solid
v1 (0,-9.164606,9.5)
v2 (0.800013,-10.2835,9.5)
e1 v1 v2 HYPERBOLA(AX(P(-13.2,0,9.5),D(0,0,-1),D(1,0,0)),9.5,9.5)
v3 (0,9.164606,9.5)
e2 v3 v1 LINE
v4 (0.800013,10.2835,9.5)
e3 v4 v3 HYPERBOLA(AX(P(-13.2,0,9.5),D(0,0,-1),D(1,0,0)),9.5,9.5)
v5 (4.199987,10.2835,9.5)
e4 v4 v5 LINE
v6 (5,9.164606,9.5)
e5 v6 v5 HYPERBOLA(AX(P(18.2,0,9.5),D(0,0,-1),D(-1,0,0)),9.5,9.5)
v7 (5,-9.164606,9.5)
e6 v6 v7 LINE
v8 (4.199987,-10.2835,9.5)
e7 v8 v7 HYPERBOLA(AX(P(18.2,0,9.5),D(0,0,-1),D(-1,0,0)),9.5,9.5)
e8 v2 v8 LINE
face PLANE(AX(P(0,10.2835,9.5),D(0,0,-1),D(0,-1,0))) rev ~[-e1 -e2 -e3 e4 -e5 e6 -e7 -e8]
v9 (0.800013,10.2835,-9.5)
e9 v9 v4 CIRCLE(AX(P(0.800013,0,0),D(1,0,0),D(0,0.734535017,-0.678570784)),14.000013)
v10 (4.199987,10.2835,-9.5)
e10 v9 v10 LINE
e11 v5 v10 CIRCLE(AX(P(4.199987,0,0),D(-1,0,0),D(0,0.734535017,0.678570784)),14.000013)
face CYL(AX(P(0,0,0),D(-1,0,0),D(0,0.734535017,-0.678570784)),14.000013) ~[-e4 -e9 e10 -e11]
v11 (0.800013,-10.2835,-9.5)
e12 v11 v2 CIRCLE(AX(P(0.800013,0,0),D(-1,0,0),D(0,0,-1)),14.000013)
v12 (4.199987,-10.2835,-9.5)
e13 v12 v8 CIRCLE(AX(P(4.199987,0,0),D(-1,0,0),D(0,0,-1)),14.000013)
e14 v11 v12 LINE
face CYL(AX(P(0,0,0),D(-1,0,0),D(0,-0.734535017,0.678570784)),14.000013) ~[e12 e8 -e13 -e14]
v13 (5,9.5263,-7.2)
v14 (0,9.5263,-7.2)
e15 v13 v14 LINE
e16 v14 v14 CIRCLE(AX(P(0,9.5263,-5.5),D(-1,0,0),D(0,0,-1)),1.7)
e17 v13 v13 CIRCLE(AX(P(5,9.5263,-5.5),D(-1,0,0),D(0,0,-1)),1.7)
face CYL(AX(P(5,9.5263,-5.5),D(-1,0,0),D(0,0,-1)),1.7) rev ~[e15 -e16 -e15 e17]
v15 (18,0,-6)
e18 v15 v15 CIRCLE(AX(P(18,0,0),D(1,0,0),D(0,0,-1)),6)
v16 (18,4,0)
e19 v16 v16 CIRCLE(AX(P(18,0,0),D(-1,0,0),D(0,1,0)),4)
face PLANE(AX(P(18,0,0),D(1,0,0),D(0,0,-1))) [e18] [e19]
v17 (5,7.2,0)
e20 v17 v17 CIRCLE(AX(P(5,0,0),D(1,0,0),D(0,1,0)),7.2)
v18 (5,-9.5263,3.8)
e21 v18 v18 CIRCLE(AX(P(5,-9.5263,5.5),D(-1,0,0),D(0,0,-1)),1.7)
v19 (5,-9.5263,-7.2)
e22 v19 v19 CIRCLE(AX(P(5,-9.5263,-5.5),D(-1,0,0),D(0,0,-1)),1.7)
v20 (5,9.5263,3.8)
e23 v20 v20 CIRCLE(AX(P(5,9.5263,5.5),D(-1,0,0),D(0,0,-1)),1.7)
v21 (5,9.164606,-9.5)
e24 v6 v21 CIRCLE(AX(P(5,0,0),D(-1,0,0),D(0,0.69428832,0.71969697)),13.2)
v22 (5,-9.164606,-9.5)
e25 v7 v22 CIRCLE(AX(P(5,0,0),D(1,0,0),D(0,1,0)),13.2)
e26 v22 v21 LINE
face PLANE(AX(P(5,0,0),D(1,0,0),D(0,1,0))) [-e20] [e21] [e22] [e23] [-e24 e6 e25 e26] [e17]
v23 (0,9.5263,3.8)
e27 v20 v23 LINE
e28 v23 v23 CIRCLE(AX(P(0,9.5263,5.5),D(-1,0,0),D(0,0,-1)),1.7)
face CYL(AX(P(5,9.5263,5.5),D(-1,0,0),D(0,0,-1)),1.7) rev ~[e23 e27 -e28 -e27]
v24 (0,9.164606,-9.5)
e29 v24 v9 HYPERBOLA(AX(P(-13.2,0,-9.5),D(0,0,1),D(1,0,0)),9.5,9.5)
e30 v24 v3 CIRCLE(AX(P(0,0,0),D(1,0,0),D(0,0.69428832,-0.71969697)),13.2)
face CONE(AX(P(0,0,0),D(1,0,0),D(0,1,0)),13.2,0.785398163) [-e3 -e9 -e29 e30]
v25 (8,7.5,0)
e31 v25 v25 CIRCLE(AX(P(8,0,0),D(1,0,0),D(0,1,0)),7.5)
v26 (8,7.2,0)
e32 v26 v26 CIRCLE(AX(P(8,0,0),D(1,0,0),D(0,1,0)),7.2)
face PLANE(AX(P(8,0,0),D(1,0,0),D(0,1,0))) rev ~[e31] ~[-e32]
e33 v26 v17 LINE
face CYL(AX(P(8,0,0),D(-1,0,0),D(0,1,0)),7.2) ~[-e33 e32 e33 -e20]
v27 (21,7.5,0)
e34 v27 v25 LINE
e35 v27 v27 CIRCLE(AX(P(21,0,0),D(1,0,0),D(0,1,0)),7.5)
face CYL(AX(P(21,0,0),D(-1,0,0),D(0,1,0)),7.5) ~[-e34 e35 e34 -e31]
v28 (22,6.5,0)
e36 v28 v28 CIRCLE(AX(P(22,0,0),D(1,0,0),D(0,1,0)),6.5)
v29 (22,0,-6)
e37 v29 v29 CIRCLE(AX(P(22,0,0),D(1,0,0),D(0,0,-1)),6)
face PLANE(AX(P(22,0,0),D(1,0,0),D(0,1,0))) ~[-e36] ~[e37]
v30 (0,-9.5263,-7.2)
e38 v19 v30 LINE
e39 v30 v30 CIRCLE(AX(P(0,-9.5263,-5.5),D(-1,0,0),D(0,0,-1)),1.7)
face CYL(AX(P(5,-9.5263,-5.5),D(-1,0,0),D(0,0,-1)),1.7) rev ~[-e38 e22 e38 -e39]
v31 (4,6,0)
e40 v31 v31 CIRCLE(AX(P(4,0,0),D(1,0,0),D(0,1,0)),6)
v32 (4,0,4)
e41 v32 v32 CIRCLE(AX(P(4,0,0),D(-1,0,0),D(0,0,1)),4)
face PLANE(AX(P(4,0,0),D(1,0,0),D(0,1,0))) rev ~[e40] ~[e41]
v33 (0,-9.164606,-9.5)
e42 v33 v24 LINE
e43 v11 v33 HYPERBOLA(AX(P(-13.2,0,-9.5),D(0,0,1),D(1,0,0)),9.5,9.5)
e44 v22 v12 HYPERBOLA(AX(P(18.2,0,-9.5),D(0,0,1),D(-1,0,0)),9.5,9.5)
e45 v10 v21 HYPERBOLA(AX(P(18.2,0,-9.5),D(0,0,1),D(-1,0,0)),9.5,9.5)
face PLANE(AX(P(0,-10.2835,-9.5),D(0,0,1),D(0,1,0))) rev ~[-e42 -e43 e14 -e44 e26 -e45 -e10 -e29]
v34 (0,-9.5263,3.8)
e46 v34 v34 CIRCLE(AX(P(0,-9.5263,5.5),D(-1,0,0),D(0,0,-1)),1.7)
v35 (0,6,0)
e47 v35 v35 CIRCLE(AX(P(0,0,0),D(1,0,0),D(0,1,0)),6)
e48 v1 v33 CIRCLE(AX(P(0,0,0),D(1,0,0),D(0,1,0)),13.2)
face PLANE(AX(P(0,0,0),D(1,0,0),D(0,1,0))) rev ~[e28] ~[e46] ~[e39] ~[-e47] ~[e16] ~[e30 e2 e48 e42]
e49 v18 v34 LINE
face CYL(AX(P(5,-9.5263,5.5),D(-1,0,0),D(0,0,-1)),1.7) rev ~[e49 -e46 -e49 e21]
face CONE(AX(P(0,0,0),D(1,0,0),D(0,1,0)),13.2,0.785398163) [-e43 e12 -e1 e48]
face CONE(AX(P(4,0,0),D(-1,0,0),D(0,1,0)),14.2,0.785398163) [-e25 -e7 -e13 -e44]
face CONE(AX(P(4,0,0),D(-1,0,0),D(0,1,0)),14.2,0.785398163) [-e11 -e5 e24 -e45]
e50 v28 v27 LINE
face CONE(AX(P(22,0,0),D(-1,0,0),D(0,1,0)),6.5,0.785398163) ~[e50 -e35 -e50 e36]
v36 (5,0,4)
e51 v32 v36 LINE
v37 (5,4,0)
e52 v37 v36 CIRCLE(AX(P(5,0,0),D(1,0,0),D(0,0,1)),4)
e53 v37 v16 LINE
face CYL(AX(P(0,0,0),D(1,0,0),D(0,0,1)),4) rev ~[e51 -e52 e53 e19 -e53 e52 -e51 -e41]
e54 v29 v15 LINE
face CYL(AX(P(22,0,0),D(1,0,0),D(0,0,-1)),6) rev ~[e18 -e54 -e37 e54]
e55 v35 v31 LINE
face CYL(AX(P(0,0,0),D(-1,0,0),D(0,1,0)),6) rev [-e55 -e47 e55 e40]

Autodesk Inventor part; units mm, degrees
sketch "Sketch_1" plane through (0, 0, 0) normal (1, 0, 0) x (0, 1, 0)
  line L0 (10.2835, 9.5) -> (-10.2835, 9.5)
  arc A0 (-10.2835, 9.5) -> (-10.2835, -9.5) centre (0, 0) ccw
  line L1 (-10.2835, -9.5) -> (10.2835, -9.5)
  arc A1 (10.2835, -9.5) -> (10.2835, 9.5) centre (0, 0) ccw
extrude "Extrusion1" add sketch "Sketch_1" along normal blind 5
sketch "Sketch_9" plane through (0, 0, 0) normal (0, 0, 1) x (1, 0, 0)
  line L0 (50, 0) -> (-50, 0)
  line L1 (0, 13.2) -> (1, 14.2)
  line L2 (1, 14.2) -> (0, 14.2)
  line L3 (0, 14.2) -> (0, 13.2)
revolve "Revolution1" cut sketch "Sketch_9" angle 360 about axis through (50, 0, 0) along (1, 0, 0)
sketch "Sketch_10" plane through (0, 0, 0) normal (0, 0, 1) x (1, 0, 0)
  line L0 (50, 0) -> (-50, 0)
  line L1 (4, 14.2) -> (5, 13.2)
  line L2 (5, 13.2) -> (5, 14.2)
  line L3 (5, 14.2) -> (4, 14.2)
revolve "Revolution2" cut sketch "Sketch_10" angle 360 about axis through (50, 0, 0) along (1, 0, 0)
sketch "Sketch4" plane through (5, 0, 0) normal (1, 0, 0) x (0, 0, -1)
  point P0 (-5.5, 9.5263)
hole "Hole1" at (5, 9.5263, 5.5) direction (-1, 0, 0) diameter 3.4 depth 5
sketch "Sketch5" plane through (5, 0, 0) normal (1, 0, 0) x (0, 0, -1)
  point P0 (5.5, -9.5263)
hole "Hole2" at (5, -9.5263, -5.5) direction (-1, 0, 0) diameter 3.4 depth 5
sketch "Sketch6" plane through (5, 0, 0) normal (1, 0, 0) x (0, 0, -1)
  point P0 (5.5, 9.5263)
hole "Hole3" at (5, 9.5263, -5.5) direction (-1, 0, 0) diameter 3.4 depth 5
sketch "Sketch7" plane through (5, 0, 0) normal (1, 0, 0) x (0, 0, -1)
  point P0 (-5.5, -9.5263)
hole "Hole4" at (5, -9.5263, 5.5) direction (-1, 0, 0) diameter 3.4 depth 5
sketch "Sketch8" plane through (0, 0, 0) normal (-1, 0, 0) x (0, 0, 1)
  point P0 (0, 0)
hole "Hole5" at (0, 0, 0) direction (1, 0, 0) diameter 8 depth 5
sketch "Sketch_14" plane through (0, 0, 0) normal (0, 0, 1) x (1, 0, 0)
  line L0 (50, 0) -> (-50, 0)
  line L1 (5, 7.2) -> (5, 4)
  line L2 (5, 4) -> (22, 4)
  line L3 (22, 4) -> (22, 6.5)
  line L4 (22, 6.5) -> (21, 7.5)
  line L5 (21, 7.5) -> (8, 7.5)
  line L6 (8, 7.5) -> (8, 7.2)
  line L7 (8, 7.2) -> (5, 7.2)
revolve "Revolution3" add sketch "Sketch_14" angle 360 about axis through (50, 0, 0) along (1, 0, 0)
sketch "Sketch_5" plane through (0, 0, 0) normal (1, 0, 0) x (0, 1, 0)
  circle A0 centre (0, 0) radius 6
extrude "Extrusion2" cut sketch "Sketch_5" along normal blind 4
sketch "Sketch_6" plane through (22, 0, 0) normal (1, 0, 0) x (0, 0, -1)
  circle A0 centre (0, 0) radius 6
extrude "Extrusion3" cut sketch "Sketch_6" against normal blind 4
ref_plane "mdk_2_XY" through (0, 0, 0) normal (1, 0, 0) x (0, 0, -1)
ref_plane "mdk_2_YZ" through (0, 0, 0) normal (0, 0, -1) x (0, 1, 0)
ref_plane "mdk_2_ZX" through (0, 0, 0) normal (0, 1, 0) x (1, 0, 0)
properties part number "MDK 0802-30420 Nut"
